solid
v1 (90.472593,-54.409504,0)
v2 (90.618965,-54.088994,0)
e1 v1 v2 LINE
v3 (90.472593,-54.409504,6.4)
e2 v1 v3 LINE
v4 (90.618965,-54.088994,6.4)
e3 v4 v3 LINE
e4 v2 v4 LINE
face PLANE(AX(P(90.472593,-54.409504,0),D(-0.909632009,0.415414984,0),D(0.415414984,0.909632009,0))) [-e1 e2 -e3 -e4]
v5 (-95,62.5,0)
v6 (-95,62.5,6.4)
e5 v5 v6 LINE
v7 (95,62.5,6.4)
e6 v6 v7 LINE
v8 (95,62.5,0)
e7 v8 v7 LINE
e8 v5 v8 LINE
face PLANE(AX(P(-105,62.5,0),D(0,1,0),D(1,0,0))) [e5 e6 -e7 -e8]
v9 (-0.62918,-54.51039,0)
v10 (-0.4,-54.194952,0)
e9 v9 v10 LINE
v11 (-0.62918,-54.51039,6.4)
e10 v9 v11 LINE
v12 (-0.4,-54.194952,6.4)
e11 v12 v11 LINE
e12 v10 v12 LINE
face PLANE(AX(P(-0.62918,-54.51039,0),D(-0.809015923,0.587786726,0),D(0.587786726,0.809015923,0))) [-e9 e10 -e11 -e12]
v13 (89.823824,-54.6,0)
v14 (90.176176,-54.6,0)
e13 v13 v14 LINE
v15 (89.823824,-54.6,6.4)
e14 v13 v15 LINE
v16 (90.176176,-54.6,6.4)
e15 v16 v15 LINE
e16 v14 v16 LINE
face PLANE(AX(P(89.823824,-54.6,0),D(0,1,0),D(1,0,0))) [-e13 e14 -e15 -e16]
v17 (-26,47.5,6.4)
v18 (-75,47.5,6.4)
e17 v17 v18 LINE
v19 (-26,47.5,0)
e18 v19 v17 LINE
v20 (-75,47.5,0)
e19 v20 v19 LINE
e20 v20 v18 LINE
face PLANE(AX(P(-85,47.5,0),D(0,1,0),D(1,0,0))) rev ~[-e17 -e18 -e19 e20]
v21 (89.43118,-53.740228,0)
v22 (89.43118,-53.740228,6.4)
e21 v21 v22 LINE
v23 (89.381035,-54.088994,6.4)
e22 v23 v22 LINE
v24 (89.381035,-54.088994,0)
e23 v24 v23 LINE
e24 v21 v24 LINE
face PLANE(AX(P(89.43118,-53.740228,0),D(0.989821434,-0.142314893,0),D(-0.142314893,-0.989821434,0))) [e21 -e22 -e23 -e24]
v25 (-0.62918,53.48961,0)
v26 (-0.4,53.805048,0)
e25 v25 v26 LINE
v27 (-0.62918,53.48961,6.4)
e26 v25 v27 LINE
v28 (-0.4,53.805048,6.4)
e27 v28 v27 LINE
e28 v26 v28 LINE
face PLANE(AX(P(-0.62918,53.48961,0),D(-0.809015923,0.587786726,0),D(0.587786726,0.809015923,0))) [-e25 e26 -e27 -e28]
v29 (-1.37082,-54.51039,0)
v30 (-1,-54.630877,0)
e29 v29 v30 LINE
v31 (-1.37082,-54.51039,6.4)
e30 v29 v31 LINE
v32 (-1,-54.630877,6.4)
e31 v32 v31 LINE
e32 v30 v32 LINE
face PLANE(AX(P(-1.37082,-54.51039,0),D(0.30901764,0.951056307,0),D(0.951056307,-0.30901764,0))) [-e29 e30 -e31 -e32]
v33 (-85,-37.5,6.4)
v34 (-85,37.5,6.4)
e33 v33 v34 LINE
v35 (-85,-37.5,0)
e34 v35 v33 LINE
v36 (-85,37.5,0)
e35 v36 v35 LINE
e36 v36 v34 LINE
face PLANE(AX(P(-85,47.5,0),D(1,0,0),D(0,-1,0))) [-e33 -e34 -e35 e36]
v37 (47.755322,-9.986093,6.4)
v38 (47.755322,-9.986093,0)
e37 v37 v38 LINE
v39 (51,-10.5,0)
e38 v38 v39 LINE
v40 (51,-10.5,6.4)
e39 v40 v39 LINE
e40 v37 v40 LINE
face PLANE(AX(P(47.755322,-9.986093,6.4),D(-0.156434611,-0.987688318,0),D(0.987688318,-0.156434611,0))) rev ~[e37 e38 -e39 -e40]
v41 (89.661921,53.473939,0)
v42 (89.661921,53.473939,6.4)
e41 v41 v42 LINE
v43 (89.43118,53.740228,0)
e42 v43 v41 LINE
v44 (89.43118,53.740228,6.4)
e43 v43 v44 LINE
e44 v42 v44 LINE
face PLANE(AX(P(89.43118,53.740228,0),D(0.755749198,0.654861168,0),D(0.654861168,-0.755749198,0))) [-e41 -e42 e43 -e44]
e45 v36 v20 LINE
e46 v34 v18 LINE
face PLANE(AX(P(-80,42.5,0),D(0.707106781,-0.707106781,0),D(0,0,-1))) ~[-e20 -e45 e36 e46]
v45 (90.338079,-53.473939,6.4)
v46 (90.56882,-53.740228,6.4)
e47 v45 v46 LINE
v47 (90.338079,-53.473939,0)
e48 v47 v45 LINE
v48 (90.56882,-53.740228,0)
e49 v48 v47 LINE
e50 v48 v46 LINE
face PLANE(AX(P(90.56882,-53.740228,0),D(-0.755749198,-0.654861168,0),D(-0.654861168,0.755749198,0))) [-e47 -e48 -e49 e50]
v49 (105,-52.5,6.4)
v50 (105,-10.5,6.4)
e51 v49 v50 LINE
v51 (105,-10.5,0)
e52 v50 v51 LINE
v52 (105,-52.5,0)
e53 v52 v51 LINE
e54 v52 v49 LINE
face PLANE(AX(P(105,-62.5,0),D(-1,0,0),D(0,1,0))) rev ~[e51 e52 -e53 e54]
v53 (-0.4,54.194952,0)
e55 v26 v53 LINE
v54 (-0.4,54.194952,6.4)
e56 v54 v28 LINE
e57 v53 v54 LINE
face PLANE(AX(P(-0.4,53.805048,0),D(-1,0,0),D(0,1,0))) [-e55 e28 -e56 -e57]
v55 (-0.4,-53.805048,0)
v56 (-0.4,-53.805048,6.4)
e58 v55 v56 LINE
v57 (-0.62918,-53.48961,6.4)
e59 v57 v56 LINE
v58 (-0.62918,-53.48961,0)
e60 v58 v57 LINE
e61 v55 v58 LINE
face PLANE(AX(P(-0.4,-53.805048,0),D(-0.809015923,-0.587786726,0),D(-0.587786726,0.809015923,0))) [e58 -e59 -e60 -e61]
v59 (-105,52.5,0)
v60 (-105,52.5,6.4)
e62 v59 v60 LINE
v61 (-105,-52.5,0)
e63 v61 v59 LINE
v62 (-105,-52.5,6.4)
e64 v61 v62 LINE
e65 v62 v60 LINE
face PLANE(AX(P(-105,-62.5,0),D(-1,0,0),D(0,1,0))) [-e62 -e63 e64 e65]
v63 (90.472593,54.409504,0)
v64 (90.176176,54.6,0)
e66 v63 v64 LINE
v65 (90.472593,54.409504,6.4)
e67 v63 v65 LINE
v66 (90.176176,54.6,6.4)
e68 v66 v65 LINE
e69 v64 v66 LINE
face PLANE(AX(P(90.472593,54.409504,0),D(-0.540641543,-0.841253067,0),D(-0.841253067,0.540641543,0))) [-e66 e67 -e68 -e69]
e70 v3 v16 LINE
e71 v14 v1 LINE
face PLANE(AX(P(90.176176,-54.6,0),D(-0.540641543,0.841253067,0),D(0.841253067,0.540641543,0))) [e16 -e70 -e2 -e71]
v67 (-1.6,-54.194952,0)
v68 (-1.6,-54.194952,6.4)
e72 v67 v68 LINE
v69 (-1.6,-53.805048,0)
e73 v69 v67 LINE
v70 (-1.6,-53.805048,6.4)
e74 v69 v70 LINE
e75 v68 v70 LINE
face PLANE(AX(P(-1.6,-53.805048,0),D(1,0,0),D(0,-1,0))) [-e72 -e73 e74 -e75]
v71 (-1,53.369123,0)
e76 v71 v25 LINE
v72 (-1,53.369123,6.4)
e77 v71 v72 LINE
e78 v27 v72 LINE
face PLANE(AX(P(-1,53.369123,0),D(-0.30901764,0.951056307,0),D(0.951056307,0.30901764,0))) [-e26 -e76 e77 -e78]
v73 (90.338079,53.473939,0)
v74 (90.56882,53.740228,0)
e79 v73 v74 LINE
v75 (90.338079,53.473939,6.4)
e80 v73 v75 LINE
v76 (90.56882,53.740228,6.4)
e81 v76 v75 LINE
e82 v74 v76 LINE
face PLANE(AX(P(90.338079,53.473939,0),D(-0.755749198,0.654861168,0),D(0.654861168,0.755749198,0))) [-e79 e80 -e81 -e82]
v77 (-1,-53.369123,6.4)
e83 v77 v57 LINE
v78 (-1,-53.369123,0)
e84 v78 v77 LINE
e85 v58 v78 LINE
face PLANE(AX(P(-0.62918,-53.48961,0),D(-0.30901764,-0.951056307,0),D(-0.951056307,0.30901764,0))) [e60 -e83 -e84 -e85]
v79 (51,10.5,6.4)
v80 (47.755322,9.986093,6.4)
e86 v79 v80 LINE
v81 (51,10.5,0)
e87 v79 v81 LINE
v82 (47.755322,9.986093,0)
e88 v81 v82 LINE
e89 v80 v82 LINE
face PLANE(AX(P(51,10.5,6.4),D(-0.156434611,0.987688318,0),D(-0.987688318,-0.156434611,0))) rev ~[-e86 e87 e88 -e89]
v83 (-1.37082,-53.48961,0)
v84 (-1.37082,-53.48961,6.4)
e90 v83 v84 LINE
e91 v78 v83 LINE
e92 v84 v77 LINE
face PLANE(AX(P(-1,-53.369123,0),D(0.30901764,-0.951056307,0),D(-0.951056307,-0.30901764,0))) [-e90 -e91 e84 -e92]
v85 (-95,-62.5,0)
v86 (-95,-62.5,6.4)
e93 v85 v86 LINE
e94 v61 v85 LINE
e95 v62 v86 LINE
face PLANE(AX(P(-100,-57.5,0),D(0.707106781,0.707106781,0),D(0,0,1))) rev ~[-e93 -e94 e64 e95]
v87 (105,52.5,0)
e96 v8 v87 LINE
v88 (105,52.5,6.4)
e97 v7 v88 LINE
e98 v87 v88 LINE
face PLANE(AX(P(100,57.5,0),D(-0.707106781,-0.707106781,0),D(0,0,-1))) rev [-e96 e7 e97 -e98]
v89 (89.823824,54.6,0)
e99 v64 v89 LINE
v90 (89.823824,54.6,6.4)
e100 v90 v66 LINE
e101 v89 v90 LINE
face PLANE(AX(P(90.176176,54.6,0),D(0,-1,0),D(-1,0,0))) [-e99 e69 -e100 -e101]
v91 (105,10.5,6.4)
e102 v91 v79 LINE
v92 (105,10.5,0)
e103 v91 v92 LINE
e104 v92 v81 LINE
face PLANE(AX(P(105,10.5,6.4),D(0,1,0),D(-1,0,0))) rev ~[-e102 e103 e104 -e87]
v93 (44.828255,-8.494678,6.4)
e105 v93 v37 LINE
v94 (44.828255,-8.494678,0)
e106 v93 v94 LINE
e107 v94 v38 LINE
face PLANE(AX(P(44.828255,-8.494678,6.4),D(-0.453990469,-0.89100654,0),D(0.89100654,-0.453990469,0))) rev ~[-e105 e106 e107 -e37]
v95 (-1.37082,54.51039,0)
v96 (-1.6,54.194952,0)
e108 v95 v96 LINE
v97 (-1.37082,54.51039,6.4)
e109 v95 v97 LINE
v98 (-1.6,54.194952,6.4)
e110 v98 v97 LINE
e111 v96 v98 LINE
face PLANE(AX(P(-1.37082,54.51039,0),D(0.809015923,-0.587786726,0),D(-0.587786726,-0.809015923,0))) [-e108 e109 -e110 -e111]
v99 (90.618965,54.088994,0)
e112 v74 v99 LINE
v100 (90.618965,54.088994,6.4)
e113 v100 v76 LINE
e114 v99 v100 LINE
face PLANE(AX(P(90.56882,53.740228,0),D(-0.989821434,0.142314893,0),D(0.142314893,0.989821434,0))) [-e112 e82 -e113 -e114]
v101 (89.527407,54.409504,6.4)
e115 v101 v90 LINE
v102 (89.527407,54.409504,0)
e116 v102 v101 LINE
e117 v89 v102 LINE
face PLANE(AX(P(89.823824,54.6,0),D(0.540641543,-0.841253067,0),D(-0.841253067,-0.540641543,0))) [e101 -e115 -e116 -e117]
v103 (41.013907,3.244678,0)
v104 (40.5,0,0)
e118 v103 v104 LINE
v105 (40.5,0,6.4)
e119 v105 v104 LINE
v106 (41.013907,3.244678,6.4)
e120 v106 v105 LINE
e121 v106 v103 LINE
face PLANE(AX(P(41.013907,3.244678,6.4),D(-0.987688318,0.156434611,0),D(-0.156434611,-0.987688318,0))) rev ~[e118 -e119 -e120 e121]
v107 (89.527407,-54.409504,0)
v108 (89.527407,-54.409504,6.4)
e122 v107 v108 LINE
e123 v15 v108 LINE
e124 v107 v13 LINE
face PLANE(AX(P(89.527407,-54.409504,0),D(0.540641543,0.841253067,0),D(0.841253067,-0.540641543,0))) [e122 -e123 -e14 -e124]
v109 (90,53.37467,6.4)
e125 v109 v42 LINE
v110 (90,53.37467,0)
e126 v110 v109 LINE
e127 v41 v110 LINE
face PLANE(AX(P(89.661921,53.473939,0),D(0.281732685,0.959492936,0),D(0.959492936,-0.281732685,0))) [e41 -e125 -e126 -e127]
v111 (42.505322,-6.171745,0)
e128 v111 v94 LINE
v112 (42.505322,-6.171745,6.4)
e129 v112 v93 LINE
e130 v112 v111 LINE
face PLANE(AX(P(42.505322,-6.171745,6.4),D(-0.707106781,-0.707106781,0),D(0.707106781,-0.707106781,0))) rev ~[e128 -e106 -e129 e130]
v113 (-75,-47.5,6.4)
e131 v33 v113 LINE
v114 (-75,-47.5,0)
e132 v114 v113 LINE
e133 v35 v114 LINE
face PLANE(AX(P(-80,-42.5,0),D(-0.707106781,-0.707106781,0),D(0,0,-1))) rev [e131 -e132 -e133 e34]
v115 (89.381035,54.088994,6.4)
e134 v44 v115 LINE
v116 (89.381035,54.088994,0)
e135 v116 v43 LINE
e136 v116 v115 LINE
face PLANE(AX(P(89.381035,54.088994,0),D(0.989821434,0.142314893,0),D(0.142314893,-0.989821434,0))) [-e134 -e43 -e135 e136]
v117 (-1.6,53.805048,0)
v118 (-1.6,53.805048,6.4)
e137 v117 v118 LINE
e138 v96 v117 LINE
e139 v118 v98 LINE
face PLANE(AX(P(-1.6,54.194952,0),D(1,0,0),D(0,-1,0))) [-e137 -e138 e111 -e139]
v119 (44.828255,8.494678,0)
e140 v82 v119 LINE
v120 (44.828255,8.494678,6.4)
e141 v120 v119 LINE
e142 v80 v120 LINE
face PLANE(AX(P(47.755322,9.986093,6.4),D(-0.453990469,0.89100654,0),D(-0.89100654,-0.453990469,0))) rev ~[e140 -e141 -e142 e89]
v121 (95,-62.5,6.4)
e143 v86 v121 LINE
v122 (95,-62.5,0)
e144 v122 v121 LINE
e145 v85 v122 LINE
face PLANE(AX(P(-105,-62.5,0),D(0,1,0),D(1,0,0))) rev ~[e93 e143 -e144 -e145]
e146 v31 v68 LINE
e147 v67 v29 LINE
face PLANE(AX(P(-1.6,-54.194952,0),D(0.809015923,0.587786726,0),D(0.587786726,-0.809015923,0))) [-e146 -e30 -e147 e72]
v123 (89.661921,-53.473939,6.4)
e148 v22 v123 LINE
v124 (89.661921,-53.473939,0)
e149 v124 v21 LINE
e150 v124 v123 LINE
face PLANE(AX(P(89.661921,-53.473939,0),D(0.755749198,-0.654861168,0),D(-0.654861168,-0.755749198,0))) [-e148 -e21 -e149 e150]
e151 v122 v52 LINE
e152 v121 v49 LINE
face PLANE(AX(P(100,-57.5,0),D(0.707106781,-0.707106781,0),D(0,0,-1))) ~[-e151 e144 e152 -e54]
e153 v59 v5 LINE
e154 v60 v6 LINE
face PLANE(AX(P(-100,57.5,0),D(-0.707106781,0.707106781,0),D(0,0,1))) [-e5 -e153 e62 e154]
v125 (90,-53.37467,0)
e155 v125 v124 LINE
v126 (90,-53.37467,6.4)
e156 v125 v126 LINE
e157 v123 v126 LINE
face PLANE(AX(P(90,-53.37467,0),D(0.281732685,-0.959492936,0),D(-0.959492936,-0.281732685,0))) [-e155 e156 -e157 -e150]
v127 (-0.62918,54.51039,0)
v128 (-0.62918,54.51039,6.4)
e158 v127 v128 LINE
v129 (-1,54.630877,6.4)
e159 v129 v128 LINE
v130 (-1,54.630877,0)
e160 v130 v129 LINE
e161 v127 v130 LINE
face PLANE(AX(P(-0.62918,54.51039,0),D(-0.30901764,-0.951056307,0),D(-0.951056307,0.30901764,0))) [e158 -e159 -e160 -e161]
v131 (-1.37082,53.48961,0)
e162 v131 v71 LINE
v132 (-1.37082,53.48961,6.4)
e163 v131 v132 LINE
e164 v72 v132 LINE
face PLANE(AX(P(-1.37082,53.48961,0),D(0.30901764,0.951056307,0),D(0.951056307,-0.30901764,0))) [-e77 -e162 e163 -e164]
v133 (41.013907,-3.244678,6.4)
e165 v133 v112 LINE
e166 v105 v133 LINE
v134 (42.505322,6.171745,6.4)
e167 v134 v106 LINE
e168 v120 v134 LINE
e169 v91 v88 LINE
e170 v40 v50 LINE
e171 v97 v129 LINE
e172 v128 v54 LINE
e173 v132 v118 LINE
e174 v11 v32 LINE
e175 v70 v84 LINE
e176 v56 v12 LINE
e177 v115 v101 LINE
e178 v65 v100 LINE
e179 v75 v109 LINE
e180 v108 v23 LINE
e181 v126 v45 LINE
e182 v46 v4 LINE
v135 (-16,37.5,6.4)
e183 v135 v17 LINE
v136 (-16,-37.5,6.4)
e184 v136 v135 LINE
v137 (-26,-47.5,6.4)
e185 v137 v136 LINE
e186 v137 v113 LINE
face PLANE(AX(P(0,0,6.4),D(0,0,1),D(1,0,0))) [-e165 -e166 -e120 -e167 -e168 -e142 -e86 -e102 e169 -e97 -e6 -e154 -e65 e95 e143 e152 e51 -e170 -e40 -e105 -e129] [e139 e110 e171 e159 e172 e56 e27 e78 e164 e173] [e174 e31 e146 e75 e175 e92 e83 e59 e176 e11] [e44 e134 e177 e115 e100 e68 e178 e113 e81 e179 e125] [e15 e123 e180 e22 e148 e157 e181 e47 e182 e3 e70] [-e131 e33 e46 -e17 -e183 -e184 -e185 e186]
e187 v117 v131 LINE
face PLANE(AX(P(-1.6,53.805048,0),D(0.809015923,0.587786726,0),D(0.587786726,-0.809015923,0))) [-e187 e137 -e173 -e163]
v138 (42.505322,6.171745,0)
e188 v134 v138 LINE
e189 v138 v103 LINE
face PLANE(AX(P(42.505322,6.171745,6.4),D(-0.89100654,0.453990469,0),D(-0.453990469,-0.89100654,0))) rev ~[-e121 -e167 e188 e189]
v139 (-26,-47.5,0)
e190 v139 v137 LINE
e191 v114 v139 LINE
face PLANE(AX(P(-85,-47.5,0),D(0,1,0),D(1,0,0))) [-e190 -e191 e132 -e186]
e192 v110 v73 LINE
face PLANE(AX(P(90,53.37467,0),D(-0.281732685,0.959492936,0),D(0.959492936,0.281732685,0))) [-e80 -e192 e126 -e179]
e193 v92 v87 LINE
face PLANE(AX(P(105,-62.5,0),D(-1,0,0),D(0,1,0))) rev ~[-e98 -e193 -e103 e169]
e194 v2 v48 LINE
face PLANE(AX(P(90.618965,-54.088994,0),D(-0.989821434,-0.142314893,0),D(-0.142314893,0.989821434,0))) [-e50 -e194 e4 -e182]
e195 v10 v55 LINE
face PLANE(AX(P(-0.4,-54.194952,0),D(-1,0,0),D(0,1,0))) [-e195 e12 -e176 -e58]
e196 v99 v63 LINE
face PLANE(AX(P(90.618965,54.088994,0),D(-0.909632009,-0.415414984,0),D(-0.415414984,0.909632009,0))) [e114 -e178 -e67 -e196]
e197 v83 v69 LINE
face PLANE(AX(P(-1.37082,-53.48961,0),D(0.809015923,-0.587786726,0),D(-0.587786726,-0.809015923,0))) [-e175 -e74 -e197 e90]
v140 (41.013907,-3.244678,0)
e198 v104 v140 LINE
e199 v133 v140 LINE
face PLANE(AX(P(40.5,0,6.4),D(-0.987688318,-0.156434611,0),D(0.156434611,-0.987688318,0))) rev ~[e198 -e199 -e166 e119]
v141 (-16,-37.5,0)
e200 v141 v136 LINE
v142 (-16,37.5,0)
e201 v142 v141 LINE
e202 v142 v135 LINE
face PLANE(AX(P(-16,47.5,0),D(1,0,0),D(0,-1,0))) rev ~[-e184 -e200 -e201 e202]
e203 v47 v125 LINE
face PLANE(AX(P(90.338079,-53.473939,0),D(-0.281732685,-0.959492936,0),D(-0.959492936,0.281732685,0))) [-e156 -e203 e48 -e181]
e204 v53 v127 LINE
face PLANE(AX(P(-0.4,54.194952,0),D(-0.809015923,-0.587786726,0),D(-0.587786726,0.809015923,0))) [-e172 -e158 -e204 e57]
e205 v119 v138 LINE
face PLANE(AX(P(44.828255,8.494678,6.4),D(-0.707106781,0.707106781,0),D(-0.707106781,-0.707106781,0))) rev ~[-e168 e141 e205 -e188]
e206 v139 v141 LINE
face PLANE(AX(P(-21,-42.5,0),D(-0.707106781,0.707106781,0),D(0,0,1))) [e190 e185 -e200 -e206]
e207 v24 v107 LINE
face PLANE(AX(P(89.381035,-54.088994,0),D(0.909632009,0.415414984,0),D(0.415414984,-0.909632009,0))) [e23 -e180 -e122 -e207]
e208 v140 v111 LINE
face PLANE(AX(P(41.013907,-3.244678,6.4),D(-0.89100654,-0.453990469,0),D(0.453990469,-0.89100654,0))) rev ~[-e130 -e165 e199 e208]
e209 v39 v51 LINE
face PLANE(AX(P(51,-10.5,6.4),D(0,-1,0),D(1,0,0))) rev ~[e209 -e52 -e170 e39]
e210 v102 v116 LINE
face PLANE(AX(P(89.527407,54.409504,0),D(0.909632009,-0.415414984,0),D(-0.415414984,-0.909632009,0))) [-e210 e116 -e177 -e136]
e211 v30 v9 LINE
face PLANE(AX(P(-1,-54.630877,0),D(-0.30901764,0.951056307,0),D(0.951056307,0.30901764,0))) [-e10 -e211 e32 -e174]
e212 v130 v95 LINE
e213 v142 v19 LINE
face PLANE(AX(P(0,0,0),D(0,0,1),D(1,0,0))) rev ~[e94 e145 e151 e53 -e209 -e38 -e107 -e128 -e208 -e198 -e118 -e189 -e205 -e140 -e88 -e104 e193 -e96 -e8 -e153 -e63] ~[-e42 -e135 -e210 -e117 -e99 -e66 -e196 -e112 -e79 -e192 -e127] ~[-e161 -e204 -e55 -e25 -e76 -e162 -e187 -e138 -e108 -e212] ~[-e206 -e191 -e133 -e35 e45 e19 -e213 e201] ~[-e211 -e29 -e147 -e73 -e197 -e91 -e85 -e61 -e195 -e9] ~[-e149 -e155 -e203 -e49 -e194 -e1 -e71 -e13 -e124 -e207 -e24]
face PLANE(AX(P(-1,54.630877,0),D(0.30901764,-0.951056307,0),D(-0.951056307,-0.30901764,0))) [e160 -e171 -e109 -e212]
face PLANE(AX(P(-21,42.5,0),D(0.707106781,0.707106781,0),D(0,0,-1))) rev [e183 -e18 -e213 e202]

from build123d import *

# Parameters (mm, degrees)
F0_W     = 210
F0_H     = 125
F1_DEPTH = 6.4
F3_DEPTH = 25
F5_DEPTH = 6.401
F6_SIZE  = 10
F7_W     = 69
F7_H     = 95
F8_DEPTH = 6.401
F9_SIZE  = 10


with BuildPart() as f1:
    # F0 (on Top) → F1 (new body)
    with BuildSketch(Plane.XY):
        Rectangle(F0_W, F0_H)
    extrude(amount=F1_DEPTH)

    # F2 (on face) → F3 (cut)
    with BuildSketch(Plane.XY.offset(6.4)):
        Polygon((105, 10.5), (51, 10.5), (47.755322, 9.986093), (44.828255, 8.494678), (42.505322, 6.171745), (41.013907, 3.244678), (40.5, 0), (41.013907, -3.244678), (42.505322, -6.171745), (44.828255, -8.494678), (47.755322, -9.986093), (51, -10.5), (105, -10.5), align=None)
    extrude(amount=-F3_DEPTH, mode=Mode.SUBTRACT)

    # F4 (on Top) → F5 (cut, through all)
    with BuildSketch(Plane.XY):
        Polygon((89.661921, 53.473939), (90, 53.37467), (90.338079, 53.473939), (90.56882, 53.740228), (90.618965, 54.088994), (90.472593, 54.409504), (90.176176, 54.6), (89.823824, 54.6), (89.527407, 54.409504), (89.381035, 54.088994), (89.43118, 53.740228), align=None)
        Polygon((90.472593, -54.409504), (90.618965, -54.088994), (90.56882, -53.740228), (90.338079, -53.473939), (90, -53.37467), (89.661921, -53.473939), (89.43118, -53.740228), (89.381035, -54.088994), (89.527407, -54.409504), (89.823824, -54.6), (90.176176, -54.6), align=None)
        Polygon((-0.62918, 53.48961), (-0.4, 53.805048), (-0.4, 54.194952), (-0.62918, 54.51039), (-1, 54.630877), (-1.37082, 54.51039), (-1.6, 54.194952), (-1.6, 53.805048), (-1.37082, 53.48961), (-1, 53.369123), align=None)
        Polygon((-1.37082, -53.48961), (-1.6, -53.805048), (-1.6, -54.194952), (-1.37082, -54.51039), (-1, -54.630877), (-0.62918, -54.51039), (-0.4, -54.194952), (-0.4, -53.805048), (-0.62918, -53.48961), (-1, -53.369123), align=None)
    extrude(amount=F5_DEPTH, mode=Mode.SUBTRACT)

    # F6
    f6_edges = [f1.edges().sort_by_distance(p)[0] for p in [
        (-105, 62.5, 3.2),
        (105, 62.5, 3.2),
        (105, -62.5, 3.2),
        (-105, -62.5, 3.2),
    ]]
    chamfer(f6_edges, length=F6_SIZE)

    # F7 (on face) → F8 (cut, through all)
    with BuildSketch(Plane(origin=(0, 0, 0), x_dir=(1, 0, 0), z_dir=(0, 0, -1))):
        with Locations((-50.5, 0)):
            Rectangle(F7_W, F7_H)
    extrude(amount=-F8_DEPTH, mode=Mode.SUBTRACT)

    # F9
    f9_edges = [f1.edges().sort_by_distance(p)[0] for p in [
        (-85, 47.5, 3.2),
        (-16, 47.5, 3.2),
        (-16, -47.5, 3.2),
        (-85, -47.5, 3.2),
    ]]
    chamfer(f9_edges, length=F9_SIZE)


solid = f1.part
